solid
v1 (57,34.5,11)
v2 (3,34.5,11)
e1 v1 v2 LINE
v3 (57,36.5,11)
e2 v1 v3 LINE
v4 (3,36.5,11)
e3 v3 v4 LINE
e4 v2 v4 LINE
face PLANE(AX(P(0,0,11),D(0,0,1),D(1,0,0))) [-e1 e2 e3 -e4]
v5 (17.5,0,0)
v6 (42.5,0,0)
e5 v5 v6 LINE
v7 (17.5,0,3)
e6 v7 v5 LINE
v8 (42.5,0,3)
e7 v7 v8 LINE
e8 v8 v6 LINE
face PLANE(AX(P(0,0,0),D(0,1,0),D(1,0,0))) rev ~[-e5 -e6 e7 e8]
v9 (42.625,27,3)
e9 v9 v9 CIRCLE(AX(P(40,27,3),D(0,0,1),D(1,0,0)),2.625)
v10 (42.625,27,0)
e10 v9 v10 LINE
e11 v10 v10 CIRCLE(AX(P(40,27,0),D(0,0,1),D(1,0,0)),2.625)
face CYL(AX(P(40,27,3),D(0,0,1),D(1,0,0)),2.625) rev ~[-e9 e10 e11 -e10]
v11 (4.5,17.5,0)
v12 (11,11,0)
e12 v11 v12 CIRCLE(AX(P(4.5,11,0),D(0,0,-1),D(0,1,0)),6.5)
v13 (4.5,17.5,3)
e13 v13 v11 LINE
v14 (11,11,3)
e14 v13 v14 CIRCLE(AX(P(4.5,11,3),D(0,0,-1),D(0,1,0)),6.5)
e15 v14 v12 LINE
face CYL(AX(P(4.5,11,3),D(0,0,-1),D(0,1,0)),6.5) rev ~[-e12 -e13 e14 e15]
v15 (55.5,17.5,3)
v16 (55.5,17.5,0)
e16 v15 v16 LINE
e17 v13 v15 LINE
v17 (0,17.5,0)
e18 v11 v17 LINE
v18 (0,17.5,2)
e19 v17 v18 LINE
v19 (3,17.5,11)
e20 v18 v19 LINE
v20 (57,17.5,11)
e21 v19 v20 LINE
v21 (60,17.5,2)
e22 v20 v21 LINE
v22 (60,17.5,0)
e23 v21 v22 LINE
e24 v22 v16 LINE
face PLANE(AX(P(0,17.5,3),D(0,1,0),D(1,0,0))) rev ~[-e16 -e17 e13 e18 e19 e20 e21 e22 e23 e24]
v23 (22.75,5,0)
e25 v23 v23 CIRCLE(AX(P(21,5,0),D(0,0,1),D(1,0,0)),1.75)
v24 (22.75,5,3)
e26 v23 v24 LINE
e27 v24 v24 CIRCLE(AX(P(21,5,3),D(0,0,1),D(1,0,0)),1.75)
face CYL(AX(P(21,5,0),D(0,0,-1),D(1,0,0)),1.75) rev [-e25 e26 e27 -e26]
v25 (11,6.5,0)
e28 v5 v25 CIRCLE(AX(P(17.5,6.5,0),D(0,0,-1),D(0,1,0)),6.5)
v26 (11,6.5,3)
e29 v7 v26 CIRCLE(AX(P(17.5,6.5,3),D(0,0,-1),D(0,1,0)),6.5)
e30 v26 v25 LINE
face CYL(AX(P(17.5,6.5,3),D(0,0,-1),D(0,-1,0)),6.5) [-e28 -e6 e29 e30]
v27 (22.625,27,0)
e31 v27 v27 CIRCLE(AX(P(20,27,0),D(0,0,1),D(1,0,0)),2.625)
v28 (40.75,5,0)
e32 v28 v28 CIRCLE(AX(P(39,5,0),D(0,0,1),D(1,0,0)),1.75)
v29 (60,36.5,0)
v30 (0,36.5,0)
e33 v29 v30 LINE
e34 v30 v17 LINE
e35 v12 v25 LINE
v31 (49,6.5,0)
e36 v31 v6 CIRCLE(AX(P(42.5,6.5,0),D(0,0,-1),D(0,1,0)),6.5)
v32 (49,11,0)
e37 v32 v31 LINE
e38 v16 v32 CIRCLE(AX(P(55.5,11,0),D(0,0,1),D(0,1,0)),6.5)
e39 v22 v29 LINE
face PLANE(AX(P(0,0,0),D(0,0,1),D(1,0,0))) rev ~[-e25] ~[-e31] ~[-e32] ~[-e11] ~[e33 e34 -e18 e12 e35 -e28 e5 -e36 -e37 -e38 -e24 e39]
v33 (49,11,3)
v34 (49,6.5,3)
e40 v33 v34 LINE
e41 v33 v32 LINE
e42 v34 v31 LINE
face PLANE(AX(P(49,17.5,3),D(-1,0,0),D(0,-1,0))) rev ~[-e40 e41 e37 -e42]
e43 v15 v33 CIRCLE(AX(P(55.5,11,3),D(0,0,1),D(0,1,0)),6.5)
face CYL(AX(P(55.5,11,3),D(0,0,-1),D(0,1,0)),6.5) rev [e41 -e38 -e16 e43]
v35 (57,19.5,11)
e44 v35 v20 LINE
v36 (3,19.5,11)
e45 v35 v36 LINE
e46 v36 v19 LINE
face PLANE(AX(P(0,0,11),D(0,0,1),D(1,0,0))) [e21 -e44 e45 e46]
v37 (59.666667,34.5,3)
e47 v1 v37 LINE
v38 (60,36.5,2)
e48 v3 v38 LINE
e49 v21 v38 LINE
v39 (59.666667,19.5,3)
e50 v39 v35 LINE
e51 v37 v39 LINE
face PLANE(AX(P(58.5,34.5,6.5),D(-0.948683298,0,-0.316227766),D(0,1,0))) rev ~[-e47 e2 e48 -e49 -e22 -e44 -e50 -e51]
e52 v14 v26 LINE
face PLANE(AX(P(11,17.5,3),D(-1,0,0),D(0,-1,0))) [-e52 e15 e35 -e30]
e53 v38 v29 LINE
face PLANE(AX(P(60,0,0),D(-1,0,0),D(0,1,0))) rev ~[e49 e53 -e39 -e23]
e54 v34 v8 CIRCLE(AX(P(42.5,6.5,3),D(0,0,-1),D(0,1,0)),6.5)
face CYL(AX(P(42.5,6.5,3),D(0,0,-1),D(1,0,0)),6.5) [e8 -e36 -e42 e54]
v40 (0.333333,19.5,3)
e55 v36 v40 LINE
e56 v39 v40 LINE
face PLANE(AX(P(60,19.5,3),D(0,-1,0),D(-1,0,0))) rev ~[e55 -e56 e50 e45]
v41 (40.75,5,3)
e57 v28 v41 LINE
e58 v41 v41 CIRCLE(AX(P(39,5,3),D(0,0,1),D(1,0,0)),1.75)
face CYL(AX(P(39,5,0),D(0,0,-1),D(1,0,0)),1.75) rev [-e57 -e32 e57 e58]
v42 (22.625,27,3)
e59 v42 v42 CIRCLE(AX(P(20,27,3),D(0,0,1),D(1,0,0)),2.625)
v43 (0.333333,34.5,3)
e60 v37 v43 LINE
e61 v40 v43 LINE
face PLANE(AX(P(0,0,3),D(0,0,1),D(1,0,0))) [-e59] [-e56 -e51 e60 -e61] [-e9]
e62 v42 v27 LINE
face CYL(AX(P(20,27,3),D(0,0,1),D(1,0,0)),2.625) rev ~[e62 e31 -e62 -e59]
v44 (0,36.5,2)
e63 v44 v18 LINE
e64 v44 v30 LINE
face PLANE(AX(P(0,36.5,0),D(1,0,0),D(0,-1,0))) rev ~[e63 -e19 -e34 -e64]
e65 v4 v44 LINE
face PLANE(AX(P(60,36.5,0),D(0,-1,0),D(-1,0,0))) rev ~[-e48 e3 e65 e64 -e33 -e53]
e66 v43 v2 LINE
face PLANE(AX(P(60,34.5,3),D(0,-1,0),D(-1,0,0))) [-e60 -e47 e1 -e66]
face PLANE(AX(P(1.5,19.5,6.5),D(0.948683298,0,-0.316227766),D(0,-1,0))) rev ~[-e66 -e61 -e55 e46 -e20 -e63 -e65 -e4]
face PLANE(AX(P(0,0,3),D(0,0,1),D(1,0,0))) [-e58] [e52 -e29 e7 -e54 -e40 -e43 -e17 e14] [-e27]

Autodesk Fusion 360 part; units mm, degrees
sketch "Esquisse1" plane through (0, 0, 0) normal (0, 0, 1) x (1, 0, 0)
  line L0 (0, 0) -> (60, 0)
  line L1 (60, 0) -> (60, 36.5)
  line L2 (60, 36.5) -> (0, 36.5)
  line L3 (0, 36.5) -> (0, 0)
  line L4 (0, 5) -> (60, 5) construction
  line L5 (0, 33.5) -> (60, 33.5) construction
  circle A0 centre (21, 5) radius 1.75
  circle A1 centre (39, 5) radius 1.75
  dimension "d1" = 28.5
  dimension "d2" = 60
  dimension "d3" = 18
  dimension "d4" = 21
  dimension "d5" = 3.5
  dimension "d6" = 5
  dimension "d7" = 3
extrude "Extrusion1" add sketch "Esquisse1" along normal blind 3
sketch "Esquisse2" plane through (0, 0, 3) normal (0, 0, 1) x (1, 0, 0)
  circle A0 centre (39, 5) radius 1.75
  circle A1 centre (21, 5) radius 1.75
  line L0 (0, 36.5) -> (0, 0)
  line L1 (0, 0) -> (60, 0)
  line L2 (60, 0) -> (60, 36.5)
  line L3 (60, 36.5) -> (0, 36.5)
  line L4 (0, 36.5) -> (60, 36.5)
  line L5 (60, 36.5) -> (60, 34.5)
  line L6 (60, 34.5) -> (0, 34.5)
  line L7 (0, 34.5) -> (0, 36.5)
  line L8 (0, 17.5) -> (60, 17.5)
  line L9 (60, 17.5) -> (60, 19.5)
  line L10 (60, 19.5) -> (0, 19.5)
  line L11 (0, 19.5) -> (0, 17.5)
  line L12 (60, 36.5) -> (0, 36.5)
  dimension "d10" = 15
  dimension "d11" = 2
  dimension "d12" = 2
extrude "Extrusion2" add sketch "Esquisse2" along normal blind 8 contours L0 L2 L3 L4 L5 L6 L7 L12 | L0 L2 L8 L9 L10 L11
sketch "Esquisse3" plane through (0, 0, 3) normal (0, 0, 1) x (1, 0, 0)
  line L0 (0, 19.5) -> (60, 19.5)
  line L1 (60, 19.5) -> (60, 34.5)
  line L2 (60, 34.5) -> (0, 34.5)
  line L3 (0, 34.5) -> (0, 19.5)
  line L4 (0, 27) -> (60, 27) construction
  circle A0 centre (20, 27) radius 2.625
  circle A1 centre (40, 27) radius 2.625
  line L5 (0, 36.5) -> (0, 0)
  dimension "d17" = 15
  dimension "d18" = 60
  dimension "d19" = 20
  dimension "d20" = 20
  dimension "d21" = 5.25
chamfer "Chanfrein2" distance 3 distance2 9 4 edges at (0, 18.5, 11) (0, 35.5, 11) (60, 35.5, 11) (60, 18.5, 11) measured on face at (20, 18.8333, 11) measured on face at (20, 35.1667, 11) measured on face at (20, 35.1667, 11) measured on face at (20, 18.8333, 11)
extrude "Extrusion3" cut sketch "Esquisse3" against normal blind 8 contours A0 | A1
sketch "Esquisse5" plane through (0, 0, 3) normal (0, 0, 1) x (1, 0, 0)
  line L0 (59.6667, 0) -> (59.6667, 17.5)
  line L1 (59.6667, 17.5) -> (0.3333, 17.5)
  line L2 (0.3333, 17.5) -> (0.3333, 0)
  line L3 (0.3333, 0) -> (59.6667, 0)
  circle A0 centre (39, 5) radius 1.75
  circle A1 centre (21, 5) radius 1.75
  line L4 (11, 0) -> (-11.5098, 0)
  line L5 (-11.5098, 0) -> (-11.5098, 17.5)
  line L6 (-11.5098, 17.5) -> (11, 17.5)
  line L7 (11, 17.5) -> (11, 0)
  line L8 (49, 0) -> (81.8509, 0)
  line L9 (81.8509, 0) -> (81.8509, 17.5)
  line L10 (81.8509, 17.5) -> (49, 17.5)
  line L11 (49, 17.5) -> (49, 0)
  point P0 (21, 5)
  point P1 (39, 5)
  dimension "d31" = 10
  dimension "d32" = 10
extrude "Extrusion5" cut sketch "Esquisse5" against normal blind 20 contours L0 L1 L3 L8 L10 L11 | L0 L8 L9 L10 | L1 L2 L3 L4 L6 L7 | L2 L4 L5 L6
fillet "Congé2" radius 6.5 4 edges at (11, 17.5, 1.5) (11, 0, 1.5) (49, 17.5, 1.5) (49, 0, 1.5)
equation "d4 = ( d2 - d3 ) / 2"
equation "d19 = d18 / 3"
equation "d20 = d19"
